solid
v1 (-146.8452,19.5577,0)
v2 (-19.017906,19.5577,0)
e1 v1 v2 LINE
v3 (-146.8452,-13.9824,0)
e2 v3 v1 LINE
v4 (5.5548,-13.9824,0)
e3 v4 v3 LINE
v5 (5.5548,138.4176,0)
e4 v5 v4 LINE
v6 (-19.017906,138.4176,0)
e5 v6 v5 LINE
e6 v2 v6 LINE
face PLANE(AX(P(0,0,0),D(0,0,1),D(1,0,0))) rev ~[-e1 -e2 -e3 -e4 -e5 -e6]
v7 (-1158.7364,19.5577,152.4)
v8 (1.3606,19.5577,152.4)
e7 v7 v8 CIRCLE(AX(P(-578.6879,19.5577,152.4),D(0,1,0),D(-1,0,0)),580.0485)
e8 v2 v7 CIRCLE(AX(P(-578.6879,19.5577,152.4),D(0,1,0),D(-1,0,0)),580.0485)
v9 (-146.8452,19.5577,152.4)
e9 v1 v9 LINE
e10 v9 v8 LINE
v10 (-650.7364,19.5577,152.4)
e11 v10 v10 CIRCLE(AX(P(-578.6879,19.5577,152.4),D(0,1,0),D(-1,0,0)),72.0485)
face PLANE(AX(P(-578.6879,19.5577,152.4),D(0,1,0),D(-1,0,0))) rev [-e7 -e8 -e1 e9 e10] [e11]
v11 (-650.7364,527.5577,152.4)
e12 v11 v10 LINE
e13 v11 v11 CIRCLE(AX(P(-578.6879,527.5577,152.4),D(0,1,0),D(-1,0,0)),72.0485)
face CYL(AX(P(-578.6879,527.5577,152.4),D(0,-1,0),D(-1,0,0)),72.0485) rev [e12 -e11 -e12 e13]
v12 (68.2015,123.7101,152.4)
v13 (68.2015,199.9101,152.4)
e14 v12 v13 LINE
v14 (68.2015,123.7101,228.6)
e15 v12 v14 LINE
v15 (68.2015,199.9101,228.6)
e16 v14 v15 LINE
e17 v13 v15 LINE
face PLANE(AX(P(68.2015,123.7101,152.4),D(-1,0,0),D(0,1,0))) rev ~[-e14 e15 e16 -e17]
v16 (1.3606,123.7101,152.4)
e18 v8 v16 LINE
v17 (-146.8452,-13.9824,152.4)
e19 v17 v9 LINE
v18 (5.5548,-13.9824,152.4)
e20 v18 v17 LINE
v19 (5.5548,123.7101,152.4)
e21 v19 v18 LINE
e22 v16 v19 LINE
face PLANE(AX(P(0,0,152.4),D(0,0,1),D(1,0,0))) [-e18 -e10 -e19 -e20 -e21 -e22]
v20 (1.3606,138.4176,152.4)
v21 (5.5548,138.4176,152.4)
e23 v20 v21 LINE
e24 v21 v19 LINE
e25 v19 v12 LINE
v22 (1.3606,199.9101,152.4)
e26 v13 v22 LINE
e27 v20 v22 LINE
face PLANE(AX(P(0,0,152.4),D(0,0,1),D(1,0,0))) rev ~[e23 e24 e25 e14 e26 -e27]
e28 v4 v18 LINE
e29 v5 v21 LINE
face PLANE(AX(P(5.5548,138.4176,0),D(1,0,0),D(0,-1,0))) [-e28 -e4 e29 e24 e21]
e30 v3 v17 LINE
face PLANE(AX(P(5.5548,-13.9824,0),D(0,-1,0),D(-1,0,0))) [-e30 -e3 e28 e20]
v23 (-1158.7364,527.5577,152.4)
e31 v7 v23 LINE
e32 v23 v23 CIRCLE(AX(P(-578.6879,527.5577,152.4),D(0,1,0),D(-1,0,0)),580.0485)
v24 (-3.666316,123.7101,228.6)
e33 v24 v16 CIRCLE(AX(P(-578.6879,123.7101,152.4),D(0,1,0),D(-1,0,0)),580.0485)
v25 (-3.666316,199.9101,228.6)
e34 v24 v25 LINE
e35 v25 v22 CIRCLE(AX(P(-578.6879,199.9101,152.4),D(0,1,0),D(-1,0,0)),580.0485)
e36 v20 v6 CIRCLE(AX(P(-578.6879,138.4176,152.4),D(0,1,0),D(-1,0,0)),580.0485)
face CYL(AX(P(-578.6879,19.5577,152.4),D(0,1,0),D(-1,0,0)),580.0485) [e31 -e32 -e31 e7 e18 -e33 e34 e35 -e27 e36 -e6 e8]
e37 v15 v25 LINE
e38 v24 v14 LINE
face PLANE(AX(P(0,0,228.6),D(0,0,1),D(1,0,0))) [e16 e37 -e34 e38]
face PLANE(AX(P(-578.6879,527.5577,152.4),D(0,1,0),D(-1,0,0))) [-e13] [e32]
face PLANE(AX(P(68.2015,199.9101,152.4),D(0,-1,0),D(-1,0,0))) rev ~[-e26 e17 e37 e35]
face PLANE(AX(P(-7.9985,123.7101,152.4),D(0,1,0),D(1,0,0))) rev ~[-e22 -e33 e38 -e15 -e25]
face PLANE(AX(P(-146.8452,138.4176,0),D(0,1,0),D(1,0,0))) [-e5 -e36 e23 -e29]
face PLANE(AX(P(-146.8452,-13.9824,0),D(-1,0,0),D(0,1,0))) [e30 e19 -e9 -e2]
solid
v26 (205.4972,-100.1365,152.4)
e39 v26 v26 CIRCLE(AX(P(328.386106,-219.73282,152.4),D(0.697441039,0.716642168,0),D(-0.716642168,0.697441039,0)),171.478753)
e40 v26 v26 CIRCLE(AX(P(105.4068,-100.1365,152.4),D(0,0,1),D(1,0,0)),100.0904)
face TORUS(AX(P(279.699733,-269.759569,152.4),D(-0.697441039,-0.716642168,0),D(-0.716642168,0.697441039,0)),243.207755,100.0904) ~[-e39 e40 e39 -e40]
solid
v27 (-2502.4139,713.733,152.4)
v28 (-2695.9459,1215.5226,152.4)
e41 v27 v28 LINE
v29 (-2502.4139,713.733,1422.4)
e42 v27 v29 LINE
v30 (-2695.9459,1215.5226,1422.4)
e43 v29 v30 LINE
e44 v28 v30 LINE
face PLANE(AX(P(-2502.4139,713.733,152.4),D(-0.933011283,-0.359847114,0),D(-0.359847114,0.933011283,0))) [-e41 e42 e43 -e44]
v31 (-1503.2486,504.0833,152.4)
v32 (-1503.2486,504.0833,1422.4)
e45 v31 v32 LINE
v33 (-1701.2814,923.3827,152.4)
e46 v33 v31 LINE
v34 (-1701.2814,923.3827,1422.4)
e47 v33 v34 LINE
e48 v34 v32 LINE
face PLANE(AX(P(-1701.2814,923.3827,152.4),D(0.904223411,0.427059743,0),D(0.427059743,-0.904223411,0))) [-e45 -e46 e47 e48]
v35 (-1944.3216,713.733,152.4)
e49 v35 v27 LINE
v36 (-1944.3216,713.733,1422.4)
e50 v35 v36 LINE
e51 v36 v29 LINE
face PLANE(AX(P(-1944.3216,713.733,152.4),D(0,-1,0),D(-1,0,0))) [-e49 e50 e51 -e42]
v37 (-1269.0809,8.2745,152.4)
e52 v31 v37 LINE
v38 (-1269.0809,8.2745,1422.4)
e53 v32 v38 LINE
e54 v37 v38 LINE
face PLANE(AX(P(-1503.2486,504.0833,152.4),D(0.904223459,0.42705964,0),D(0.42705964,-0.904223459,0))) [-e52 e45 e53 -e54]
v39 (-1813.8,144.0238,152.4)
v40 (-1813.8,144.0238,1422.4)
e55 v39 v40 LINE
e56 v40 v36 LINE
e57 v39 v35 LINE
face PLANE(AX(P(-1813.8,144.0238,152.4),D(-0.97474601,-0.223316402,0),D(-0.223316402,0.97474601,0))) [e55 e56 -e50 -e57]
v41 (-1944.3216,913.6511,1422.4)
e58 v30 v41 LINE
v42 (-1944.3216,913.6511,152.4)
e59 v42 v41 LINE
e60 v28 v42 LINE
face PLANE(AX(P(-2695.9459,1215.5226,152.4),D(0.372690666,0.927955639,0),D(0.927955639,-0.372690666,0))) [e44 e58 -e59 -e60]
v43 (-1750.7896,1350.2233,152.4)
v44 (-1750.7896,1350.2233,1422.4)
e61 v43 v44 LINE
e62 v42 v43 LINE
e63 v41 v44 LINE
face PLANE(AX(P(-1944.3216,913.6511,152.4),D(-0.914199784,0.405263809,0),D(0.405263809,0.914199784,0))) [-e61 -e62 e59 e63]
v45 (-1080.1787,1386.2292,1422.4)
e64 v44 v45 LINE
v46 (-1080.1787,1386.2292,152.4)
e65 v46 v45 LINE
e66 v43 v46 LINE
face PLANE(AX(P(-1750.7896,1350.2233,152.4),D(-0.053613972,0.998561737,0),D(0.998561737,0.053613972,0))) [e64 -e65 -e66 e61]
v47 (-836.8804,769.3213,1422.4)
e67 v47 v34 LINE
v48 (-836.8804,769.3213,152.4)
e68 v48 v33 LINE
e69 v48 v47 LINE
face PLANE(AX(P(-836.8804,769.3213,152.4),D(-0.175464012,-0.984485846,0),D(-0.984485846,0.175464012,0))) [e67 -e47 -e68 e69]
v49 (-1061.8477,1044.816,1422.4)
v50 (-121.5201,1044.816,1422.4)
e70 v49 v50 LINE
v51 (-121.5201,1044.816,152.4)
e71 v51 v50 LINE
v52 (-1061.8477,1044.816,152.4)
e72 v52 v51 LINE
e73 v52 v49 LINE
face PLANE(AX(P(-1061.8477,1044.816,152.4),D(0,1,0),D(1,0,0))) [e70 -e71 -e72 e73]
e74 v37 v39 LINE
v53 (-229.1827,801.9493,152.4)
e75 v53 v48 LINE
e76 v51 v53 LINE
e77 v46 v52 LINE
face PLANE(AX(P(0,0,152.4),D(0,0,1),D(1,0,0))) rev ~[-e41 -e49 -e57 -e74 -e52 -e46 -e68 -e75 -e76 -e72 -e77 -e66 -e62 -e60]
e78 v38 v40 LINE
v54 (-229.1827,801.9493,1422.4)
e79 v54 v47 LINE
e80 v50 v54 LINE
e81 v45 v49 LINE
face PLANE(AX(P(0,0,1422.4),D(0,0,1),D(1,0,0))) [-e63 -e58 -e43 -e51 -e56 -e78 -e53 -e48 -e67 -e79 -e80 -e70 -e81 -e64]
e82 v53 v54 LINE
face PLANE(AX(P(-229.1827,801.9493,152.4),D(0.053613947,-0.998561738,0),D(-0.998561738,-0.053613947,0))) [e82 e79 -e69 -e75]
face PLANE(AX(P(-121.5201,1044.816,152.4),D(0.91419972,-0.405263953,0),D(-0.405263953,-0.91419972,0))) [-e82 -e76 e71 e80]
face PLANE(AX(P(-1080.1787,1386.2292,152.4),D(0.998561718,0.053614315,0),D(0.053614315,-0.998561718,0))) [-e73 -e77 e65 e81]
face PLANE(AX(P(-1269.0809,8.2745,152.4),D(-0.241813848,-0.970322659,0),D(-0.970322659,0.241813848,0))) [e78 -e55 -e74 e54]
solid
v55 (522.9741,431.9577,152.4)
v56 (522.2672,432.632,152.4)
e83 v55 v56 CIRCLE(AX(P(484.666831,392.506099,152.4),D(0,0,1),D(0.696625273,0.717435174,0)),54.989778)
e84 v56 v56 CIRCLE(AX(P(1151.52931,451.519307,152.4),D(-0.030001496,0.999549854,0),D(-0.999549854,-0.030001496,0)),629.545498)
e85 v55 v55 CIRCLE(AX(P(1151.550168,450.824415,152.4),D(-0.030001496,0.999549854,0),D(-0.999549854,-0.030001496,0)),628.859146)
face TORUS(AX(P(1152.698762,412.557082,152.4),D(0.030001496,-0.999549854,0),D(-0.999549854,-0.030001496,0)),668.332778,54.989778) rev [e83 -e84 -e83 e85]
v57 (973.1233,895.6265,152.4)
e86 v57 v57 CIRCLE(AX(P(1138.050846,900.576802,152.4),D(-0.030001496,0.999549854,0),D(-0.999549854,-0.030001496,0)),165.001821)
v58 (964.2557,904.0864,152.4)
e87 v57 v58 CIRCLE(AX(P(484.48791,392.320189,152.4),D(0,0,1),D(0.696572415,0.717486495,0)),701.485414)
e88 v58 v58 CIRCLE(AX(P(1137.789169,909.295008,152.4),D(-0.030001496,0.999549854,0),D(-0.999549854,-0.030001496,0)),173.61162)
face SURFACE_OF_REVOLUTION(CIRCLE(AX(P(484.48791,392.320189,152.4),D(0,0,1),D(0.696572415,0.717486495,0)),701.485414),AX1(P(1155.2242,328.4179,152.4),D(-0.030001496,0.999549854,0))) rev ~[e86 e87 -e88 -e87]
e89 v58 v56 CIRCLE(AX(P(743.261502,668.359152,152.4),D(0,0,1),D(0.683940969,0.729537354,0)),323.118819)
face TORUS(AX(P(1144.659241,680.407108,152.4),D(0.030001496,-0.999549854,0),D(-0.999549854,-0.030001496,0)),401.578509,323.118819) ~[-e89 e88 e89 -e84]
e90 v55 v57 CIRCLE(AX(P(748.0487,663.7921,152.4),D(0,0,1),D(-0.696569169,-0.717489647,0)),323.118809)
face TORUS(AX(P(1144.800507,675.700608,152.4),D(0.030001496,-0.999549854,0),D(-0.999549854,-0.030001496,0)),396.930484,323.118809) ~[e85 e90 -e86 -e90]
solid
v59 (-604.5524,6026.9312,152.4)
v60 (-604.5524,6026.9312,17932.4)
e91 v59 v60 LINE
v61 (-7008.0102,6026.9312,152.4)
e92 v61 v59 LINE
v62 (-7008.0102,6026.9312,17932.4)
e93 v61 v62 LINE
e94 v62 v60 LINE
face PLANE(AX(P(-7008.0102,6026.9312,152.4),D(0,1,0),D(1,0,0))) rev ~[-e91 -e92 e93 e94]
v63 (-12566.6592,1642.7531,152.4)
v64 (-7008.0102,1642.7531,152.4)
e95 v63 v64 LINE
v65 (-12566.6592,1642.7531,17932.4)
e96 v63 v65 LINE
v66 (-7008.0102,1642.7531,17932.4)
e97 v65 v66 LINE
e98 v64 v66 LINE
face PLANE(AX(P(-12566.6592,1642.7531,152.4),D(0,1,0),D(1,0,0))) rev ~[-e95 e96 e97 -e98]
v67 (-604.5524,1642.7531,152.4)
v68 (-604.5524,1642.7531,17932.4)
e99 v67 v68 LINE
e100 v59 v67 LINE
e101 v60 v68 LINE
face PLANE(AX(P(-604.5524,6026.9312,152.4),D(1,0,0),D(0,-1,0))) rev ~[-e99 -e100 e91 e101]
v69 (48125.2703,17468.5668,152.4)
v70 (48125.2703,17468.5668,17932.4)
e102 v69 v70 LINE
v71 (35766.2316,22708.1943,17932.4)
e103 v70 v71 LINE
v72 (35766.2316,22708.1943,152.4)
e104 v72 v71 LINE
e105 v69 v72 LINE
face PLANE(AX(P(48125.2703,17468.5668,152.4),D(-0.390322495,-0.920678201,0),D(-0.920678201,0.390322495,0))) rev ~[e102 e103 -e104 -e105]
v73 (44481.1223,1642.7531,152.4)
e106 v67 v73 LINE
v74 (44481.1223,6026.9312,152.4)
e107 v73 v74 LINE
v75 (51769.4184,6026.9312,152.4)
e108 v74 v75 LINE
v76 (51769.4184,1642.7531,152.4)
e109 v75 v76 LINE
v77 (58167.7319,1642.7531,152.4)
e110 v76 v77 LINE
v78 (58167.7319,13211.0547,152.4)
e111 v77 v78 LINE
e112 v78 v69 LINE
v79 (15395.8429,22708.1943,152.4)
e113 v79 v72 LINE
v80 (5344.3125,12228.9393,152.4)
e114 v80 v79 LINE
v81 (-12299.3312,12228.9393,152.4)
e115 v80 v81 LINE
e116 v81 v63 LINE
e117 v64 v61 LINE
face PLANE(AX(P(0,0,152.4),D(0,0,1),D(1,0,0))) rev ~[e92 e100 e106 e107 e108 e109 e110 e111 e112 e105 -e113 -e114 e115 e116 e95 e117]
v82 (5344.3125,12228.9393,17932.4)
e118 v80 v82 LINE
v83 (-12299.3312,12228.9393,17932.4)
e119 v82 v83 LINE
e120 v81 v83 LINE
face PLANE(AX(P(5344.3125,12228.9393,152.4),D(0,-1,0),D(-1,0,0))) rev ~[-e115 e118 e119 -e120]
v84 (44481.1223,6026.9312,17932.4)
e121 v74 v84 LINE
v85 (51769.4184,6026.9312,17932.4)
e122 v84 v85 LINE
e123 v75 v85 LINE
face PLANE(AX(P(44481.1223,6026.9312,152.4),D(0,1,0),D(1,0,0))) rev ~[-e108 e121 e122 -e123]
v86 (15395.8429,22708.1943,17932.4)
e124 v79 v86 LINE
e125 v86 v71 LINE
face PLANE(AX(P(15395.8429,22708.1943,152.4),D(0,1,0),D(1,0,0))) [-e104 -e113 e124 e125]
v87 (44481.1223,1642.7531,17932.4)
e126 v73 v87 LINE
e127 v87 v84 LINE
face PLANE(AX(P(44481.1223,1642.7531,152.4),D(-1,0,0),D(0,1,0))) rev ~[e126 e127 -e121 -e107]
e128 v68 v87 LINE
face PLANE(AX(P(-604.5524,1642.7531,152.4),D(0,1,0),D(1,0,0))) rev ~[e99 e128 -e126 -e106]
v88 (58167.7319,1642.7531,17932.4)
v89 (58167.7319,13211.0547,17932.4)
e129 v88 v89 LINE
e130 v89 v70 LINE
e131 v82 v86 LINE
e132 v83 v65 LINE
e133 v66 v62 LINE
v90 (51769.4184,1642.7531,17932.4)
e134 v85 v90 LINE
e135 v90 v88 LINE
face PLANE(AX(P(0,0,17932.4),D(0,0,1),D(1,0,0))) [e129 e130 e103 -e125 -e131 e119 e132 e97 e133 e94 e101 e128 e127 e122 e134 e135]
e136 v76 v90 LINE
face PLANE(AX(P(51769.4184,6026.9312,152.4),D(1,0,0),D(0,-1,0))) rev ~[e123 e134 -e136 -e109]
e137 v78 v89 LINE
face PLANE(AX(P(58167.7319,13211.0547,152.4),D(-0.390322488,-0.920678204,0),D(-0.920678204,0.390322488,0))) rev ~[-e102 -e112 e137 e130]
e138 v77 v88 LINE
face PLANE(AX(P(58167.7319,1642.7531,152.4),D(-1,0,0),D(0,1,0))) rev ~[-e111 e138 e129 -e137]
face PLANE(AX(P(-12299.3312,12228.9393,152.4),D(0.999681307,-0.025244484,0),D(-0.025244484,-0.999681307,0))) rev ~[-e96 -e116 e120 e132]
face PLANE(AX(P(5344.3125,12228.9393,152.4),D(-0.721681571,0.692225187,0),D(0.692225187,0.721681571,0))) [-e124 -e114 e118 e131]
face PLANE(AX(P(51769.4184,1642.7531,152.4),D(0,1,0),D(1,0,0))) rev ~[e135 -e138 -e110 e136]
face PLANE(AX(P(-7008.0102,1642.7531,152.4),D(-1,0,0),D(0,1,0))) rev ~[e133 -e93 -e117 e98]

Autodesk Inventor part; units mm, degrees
ref_plane "YZ Plane" through (0, 0, 0) normal (1, 0, 0) x (0, 1, 0)
ref_plane "XZ Plane" through (0, 0, 0) normal (0, 1, 0) x (-1, 0, 0)
ref_plane "XY Plane" through (0, 0, 0) normal (0, 0, 1) x (1, 0, 0)
sketch "Sketch1" plane through (0, 0, 0) normal (0, 0, 1) x (1, 0, 0)
  line L0 (5.5548, -13.9824) -> (-146.8452, -13.9824)
  line L1 (-146.8452, -13.9824) -> (-146.8452, 138.4176)
  line L2 (-146.8452, 138.4176) -> (5.5548, 138.4176)
  line L3 (5.5548, 138.4176) -> (5.5548, -13.9824)
  point P0 (0, 0)
  dimension "d0" = 152.4
  dimension "d1" = 152.4
extrude "Extrusion1" add sketch "Sketch1" along normal blind 152.4
sketch "Sketch2" plane through (0, 0, 152.4) normal (0, 0, 1) x (1, 0, 0)
  line L0 (-7.9985, 123.7101) -> (68.2015, 123.7101)
  line L1 (68.2015, 123.7101) -> (68.2015, 199.9101)
  line L2 (68.2015, 199.9101) -> (-7.9985, 199.9101)
  line L3 (-7.9985, 199.9101) -> (-7.9985, 123.7101)
  point P0 (0, 0)
  dimension "d4" = 76.2
  dimension "d5" = 76.2
extrude "Extrusion2" add sketch "Sketch2" along normal blind 76.2
sketch "Sketch3" plane through (0, 0, 152.4) normal (0, 0, 1) x (1, 0, 0)
  line L0 (-139.924, 111.3869) -> (-133.2191, 100.298)
  line L1 (-133.2191, 100.298) -> (-125.2248, 109.0659)
  line L2 (-125.2248, 109.0659) -> (-133.2191, 100.298)
  line L3 (-133.2191, 84.3093) -> (-133.2191, 100.298)
  line L4 (-115.6832, 84.3093) -> (-115.6832, 109.0659)
  line L5 (-115.6832, 109.0659) -> (-102.5313, 109.0659)
  line L6 (-102.5313, 109.0659) -> (-115.6832, 109.0659)
  line L7 (-115.6832, 96.6876) -> (-109.1072, 96.6876)
  line L8 (-109.1072, 96.6876) -> (-115.6832, 96.6876)
  line L9 (-115.6832, 84.3093) -> (-102.5313, 84.3093)
  line L10 (-93.2475, 84.3093) -> (-93.2475, 109.0659)
  line L11 (-93.2475, 109.0659) -> (-80.8692, 109.0659)
  line L12 (-80.8692, 109.0659) -> (-93.2475, 109.0659)
  line L13 (-93.2475, 96.6876) -> (-87.0584, 96.6876)
  line L14 (-87.0584, 96.6876) -> (-93.2475, 96.6876)
  line L15 (-93.2475, 85.5987) -> (-93.2475, 84.3093)
  line L16 (-93.2475, 84.3093) -> (-80.8692, 84.3093)
  line L17 (-80.8692, 84.3093) -> (-93.2475, 84.3093)
  line L18 (-70.8119, 109.0659) -> (-50.6971, 109.0659)
  line L19 (-50.6971, 109.0659) -> (-60.7545, 109.0659)
  line L20 (-60.7545, 84.3093) -> (-60.7545, 109.0659)
  point P0 (0, 0)
sketch "Sketch4" plane through (0, 0, 152.4) normal (0, 0, 1) x (1, 0, 0)
  circle A0 centre (105.4068, -100.1365) radius 100.0904
  line L0 (328.5178, -219.5975) -> (520.0068, -22.8381)
  point P0 (0, 0)
revolve "Revolution1" add sketch "Sketch4" angle 360 about axis through (328.5178, -219.5975, 152.4) along (0.6974, 0.7166, 0)
sketch "Sketch5" plane through (0, 0, 152.4) normal (0, 0, 1) x (1, 0, 0)
  point P0 (0, 0)
sketch "Sketch6" plane through (0, 0, 152.4) normal (0, 0, 1) x (1, 0, 0)
  line L0 (-650.7364, 19.5577) -> (-1158.7364, 19.5577)
  line L1 (-1158.7364, 19.5577) -> (-1158.7364, 527.5577)
  line L2 (-1158.7364, 527.5577) -> (-650.7364, 527.5577)
  line L3 (-650.7364, 527.5577) -> (-650.7364, 19.5577)
  line L4 (-578.6879, 19.5577) -> (-578.6879, 416.9476)
  dimension "d9" = 508
  dimension "d10" = 508
revolve "Revolution2" add sketch "Sketch6" angle 360 about axis through (-578.6879, 19.5577, 152.4) along (0, 1, 0)
sketch "Sketch7" plane through (0, 0, 152.4) normal (0, 0, 1) x (1, 0, 0)
  arc A0 (748.0487, 663.7921) -> (743.2615, 668.3592) centre (483.9842, 391.7968) ccw construction
  arc A1 (973.1233, 895.6265) -> (964.2557, 904.0864) centre (483.9842, 391.7968) ccw
  arc A2 (522.9741, 431.9577) -> (522.2672, 432.632) centre (483.9842, 391.7968) ccw
  arc A3 (522.9741, 431.9577) -> (973.1233, 895.6265) centre (748.0487, 663.7921) ccw
  arc A4 (964.2557, 904.0864) -> (522.2672, 432.632) centre (743.2615, 668.3592) ccw
  line L0 (483.9842, 391.7968) -> (748.0487, 663.7921) construction
  line L1 (483.9842, 391.7968) -> (743.2615, 668.3592) construction
  line L2 (1155.2242, 328.4179) -> (1137.9391, 904.0864)
  point P0 (0, 0)
  dimension "d12" = 1
revolve "Revolution3" add sketch "Sketch7" angle 360 about axis through (1155.2242, 328.4179, 152.4) along (-0.03, 0.9995, 0)
sketch "Sketch8" plane through (0, 0, 152.4) normal (0, 0, 1) x (1, 0, 0)
  line L0 (-1944.3216, 913.6511) -> (-1750.7896, 1350.2233)
  line L1 (-1750.7896, 1350.2233) -> (-1080.1787, 1386.2292)
  line L2 (-1080.1787, 1386.2292) -> (-1061.8477, 1044.816)
  line L3 (-1061.8477, 1044.816) -> (-121.5201, 1044.816)
  line L4 (-121.5201, 1044.816) -> (-229.1827, 801.9493)
  line L5 (-229.1827, 801.9493) -> (-836.8804, 769.3213)
  line L6 (-836.8804, 769.3213) -> (-1701.2814, 923.3827)
  line L7 (-1701.2814, 923.3827) -> (-1503.2486, 504.0833)
  line L8 (-1503.2486, 504.0833) -> (-1269.0809, 8.2745)
  line L9 (-1269.0809, 8.2745) -> (-1813.8, 144.0238)
  line L10 (-1813.8, 144.0238) -> (-1944.3216, 713.733)
  line L11 (-1944.3216, 713.733) -> (-2502.4139, 713.733)
  line L12 (-2502.4139, 713.733) -> (-2695.9459, 1215.5226)
  line L13 (-2695.9459, 1215.5226) -> (-1944.3216, 913.6511)
  point P0 (0, 0)
extrude "Extrusion3" add sketch "Sketch8" along normal blind 1270
sketch "Sketch9" plane through (0, 0, 152.4) normal (0, 0, 1) x (1, 0, 0)
  line L0 (5344.3125, 12228.9393) -> (15395.8429, 22708.1943)
  line L1 (15395.8429, 22708.1943) -> (35766.2316, 22708.1943)
  line L2 (35766.2316, 22708.1943) -> (15395.8429, 22708.1943)
  line L3 (5344.3125, 12228.9393) -> (-12299.3312, 12228.9393)
  line L4 (-12299.3312, 12228.9393) -> (-12566.6592, 1642.7531)
  line L5 (-12566.6592, 1642.7531) -> (-7008.0102, 1642.7531)
  line L6 (-7008.0102, 1642.7531) -> (-7008.0102, 6026.9312)
  line L7 (-7008.0102, 6026.9312) -> (-604.5524, 6026.9312)
  line L8 (-604.5524, 6026.9312) -> (-604.5524, 1642.7531)
  line L9 (-604.5524, 1642.7531) -> (44481.1223, 1642.7531)
  line L10 (44481.1223, 1642.7531) -> (44481.1223, 6026.9312)
  line L11 (44481.1223, 6026.9312) -> (51769.4184, 6026.9312)
  line L12 (51769.4184, 6026.9312) -> (51769.4184, 1642.7531)
  line L13 (51769.4184, 1642.7531) -> (58167.7319, 1642.7531)
  line L14 (58167.7319, 1642.7531) -> (58167.7319, 13211.0547)
  line L15 (58167.7319, 13211.0547) -> (48125.2703, 17468.5668)
  line L16 (48125.2703, 17468.5668) -> (35766.2316, 22708.1943)
  point P0 (0, 0)
extrude "Extrusion4" add sketch "Sketch9" along normal blind 17780
properties part number "idek"
